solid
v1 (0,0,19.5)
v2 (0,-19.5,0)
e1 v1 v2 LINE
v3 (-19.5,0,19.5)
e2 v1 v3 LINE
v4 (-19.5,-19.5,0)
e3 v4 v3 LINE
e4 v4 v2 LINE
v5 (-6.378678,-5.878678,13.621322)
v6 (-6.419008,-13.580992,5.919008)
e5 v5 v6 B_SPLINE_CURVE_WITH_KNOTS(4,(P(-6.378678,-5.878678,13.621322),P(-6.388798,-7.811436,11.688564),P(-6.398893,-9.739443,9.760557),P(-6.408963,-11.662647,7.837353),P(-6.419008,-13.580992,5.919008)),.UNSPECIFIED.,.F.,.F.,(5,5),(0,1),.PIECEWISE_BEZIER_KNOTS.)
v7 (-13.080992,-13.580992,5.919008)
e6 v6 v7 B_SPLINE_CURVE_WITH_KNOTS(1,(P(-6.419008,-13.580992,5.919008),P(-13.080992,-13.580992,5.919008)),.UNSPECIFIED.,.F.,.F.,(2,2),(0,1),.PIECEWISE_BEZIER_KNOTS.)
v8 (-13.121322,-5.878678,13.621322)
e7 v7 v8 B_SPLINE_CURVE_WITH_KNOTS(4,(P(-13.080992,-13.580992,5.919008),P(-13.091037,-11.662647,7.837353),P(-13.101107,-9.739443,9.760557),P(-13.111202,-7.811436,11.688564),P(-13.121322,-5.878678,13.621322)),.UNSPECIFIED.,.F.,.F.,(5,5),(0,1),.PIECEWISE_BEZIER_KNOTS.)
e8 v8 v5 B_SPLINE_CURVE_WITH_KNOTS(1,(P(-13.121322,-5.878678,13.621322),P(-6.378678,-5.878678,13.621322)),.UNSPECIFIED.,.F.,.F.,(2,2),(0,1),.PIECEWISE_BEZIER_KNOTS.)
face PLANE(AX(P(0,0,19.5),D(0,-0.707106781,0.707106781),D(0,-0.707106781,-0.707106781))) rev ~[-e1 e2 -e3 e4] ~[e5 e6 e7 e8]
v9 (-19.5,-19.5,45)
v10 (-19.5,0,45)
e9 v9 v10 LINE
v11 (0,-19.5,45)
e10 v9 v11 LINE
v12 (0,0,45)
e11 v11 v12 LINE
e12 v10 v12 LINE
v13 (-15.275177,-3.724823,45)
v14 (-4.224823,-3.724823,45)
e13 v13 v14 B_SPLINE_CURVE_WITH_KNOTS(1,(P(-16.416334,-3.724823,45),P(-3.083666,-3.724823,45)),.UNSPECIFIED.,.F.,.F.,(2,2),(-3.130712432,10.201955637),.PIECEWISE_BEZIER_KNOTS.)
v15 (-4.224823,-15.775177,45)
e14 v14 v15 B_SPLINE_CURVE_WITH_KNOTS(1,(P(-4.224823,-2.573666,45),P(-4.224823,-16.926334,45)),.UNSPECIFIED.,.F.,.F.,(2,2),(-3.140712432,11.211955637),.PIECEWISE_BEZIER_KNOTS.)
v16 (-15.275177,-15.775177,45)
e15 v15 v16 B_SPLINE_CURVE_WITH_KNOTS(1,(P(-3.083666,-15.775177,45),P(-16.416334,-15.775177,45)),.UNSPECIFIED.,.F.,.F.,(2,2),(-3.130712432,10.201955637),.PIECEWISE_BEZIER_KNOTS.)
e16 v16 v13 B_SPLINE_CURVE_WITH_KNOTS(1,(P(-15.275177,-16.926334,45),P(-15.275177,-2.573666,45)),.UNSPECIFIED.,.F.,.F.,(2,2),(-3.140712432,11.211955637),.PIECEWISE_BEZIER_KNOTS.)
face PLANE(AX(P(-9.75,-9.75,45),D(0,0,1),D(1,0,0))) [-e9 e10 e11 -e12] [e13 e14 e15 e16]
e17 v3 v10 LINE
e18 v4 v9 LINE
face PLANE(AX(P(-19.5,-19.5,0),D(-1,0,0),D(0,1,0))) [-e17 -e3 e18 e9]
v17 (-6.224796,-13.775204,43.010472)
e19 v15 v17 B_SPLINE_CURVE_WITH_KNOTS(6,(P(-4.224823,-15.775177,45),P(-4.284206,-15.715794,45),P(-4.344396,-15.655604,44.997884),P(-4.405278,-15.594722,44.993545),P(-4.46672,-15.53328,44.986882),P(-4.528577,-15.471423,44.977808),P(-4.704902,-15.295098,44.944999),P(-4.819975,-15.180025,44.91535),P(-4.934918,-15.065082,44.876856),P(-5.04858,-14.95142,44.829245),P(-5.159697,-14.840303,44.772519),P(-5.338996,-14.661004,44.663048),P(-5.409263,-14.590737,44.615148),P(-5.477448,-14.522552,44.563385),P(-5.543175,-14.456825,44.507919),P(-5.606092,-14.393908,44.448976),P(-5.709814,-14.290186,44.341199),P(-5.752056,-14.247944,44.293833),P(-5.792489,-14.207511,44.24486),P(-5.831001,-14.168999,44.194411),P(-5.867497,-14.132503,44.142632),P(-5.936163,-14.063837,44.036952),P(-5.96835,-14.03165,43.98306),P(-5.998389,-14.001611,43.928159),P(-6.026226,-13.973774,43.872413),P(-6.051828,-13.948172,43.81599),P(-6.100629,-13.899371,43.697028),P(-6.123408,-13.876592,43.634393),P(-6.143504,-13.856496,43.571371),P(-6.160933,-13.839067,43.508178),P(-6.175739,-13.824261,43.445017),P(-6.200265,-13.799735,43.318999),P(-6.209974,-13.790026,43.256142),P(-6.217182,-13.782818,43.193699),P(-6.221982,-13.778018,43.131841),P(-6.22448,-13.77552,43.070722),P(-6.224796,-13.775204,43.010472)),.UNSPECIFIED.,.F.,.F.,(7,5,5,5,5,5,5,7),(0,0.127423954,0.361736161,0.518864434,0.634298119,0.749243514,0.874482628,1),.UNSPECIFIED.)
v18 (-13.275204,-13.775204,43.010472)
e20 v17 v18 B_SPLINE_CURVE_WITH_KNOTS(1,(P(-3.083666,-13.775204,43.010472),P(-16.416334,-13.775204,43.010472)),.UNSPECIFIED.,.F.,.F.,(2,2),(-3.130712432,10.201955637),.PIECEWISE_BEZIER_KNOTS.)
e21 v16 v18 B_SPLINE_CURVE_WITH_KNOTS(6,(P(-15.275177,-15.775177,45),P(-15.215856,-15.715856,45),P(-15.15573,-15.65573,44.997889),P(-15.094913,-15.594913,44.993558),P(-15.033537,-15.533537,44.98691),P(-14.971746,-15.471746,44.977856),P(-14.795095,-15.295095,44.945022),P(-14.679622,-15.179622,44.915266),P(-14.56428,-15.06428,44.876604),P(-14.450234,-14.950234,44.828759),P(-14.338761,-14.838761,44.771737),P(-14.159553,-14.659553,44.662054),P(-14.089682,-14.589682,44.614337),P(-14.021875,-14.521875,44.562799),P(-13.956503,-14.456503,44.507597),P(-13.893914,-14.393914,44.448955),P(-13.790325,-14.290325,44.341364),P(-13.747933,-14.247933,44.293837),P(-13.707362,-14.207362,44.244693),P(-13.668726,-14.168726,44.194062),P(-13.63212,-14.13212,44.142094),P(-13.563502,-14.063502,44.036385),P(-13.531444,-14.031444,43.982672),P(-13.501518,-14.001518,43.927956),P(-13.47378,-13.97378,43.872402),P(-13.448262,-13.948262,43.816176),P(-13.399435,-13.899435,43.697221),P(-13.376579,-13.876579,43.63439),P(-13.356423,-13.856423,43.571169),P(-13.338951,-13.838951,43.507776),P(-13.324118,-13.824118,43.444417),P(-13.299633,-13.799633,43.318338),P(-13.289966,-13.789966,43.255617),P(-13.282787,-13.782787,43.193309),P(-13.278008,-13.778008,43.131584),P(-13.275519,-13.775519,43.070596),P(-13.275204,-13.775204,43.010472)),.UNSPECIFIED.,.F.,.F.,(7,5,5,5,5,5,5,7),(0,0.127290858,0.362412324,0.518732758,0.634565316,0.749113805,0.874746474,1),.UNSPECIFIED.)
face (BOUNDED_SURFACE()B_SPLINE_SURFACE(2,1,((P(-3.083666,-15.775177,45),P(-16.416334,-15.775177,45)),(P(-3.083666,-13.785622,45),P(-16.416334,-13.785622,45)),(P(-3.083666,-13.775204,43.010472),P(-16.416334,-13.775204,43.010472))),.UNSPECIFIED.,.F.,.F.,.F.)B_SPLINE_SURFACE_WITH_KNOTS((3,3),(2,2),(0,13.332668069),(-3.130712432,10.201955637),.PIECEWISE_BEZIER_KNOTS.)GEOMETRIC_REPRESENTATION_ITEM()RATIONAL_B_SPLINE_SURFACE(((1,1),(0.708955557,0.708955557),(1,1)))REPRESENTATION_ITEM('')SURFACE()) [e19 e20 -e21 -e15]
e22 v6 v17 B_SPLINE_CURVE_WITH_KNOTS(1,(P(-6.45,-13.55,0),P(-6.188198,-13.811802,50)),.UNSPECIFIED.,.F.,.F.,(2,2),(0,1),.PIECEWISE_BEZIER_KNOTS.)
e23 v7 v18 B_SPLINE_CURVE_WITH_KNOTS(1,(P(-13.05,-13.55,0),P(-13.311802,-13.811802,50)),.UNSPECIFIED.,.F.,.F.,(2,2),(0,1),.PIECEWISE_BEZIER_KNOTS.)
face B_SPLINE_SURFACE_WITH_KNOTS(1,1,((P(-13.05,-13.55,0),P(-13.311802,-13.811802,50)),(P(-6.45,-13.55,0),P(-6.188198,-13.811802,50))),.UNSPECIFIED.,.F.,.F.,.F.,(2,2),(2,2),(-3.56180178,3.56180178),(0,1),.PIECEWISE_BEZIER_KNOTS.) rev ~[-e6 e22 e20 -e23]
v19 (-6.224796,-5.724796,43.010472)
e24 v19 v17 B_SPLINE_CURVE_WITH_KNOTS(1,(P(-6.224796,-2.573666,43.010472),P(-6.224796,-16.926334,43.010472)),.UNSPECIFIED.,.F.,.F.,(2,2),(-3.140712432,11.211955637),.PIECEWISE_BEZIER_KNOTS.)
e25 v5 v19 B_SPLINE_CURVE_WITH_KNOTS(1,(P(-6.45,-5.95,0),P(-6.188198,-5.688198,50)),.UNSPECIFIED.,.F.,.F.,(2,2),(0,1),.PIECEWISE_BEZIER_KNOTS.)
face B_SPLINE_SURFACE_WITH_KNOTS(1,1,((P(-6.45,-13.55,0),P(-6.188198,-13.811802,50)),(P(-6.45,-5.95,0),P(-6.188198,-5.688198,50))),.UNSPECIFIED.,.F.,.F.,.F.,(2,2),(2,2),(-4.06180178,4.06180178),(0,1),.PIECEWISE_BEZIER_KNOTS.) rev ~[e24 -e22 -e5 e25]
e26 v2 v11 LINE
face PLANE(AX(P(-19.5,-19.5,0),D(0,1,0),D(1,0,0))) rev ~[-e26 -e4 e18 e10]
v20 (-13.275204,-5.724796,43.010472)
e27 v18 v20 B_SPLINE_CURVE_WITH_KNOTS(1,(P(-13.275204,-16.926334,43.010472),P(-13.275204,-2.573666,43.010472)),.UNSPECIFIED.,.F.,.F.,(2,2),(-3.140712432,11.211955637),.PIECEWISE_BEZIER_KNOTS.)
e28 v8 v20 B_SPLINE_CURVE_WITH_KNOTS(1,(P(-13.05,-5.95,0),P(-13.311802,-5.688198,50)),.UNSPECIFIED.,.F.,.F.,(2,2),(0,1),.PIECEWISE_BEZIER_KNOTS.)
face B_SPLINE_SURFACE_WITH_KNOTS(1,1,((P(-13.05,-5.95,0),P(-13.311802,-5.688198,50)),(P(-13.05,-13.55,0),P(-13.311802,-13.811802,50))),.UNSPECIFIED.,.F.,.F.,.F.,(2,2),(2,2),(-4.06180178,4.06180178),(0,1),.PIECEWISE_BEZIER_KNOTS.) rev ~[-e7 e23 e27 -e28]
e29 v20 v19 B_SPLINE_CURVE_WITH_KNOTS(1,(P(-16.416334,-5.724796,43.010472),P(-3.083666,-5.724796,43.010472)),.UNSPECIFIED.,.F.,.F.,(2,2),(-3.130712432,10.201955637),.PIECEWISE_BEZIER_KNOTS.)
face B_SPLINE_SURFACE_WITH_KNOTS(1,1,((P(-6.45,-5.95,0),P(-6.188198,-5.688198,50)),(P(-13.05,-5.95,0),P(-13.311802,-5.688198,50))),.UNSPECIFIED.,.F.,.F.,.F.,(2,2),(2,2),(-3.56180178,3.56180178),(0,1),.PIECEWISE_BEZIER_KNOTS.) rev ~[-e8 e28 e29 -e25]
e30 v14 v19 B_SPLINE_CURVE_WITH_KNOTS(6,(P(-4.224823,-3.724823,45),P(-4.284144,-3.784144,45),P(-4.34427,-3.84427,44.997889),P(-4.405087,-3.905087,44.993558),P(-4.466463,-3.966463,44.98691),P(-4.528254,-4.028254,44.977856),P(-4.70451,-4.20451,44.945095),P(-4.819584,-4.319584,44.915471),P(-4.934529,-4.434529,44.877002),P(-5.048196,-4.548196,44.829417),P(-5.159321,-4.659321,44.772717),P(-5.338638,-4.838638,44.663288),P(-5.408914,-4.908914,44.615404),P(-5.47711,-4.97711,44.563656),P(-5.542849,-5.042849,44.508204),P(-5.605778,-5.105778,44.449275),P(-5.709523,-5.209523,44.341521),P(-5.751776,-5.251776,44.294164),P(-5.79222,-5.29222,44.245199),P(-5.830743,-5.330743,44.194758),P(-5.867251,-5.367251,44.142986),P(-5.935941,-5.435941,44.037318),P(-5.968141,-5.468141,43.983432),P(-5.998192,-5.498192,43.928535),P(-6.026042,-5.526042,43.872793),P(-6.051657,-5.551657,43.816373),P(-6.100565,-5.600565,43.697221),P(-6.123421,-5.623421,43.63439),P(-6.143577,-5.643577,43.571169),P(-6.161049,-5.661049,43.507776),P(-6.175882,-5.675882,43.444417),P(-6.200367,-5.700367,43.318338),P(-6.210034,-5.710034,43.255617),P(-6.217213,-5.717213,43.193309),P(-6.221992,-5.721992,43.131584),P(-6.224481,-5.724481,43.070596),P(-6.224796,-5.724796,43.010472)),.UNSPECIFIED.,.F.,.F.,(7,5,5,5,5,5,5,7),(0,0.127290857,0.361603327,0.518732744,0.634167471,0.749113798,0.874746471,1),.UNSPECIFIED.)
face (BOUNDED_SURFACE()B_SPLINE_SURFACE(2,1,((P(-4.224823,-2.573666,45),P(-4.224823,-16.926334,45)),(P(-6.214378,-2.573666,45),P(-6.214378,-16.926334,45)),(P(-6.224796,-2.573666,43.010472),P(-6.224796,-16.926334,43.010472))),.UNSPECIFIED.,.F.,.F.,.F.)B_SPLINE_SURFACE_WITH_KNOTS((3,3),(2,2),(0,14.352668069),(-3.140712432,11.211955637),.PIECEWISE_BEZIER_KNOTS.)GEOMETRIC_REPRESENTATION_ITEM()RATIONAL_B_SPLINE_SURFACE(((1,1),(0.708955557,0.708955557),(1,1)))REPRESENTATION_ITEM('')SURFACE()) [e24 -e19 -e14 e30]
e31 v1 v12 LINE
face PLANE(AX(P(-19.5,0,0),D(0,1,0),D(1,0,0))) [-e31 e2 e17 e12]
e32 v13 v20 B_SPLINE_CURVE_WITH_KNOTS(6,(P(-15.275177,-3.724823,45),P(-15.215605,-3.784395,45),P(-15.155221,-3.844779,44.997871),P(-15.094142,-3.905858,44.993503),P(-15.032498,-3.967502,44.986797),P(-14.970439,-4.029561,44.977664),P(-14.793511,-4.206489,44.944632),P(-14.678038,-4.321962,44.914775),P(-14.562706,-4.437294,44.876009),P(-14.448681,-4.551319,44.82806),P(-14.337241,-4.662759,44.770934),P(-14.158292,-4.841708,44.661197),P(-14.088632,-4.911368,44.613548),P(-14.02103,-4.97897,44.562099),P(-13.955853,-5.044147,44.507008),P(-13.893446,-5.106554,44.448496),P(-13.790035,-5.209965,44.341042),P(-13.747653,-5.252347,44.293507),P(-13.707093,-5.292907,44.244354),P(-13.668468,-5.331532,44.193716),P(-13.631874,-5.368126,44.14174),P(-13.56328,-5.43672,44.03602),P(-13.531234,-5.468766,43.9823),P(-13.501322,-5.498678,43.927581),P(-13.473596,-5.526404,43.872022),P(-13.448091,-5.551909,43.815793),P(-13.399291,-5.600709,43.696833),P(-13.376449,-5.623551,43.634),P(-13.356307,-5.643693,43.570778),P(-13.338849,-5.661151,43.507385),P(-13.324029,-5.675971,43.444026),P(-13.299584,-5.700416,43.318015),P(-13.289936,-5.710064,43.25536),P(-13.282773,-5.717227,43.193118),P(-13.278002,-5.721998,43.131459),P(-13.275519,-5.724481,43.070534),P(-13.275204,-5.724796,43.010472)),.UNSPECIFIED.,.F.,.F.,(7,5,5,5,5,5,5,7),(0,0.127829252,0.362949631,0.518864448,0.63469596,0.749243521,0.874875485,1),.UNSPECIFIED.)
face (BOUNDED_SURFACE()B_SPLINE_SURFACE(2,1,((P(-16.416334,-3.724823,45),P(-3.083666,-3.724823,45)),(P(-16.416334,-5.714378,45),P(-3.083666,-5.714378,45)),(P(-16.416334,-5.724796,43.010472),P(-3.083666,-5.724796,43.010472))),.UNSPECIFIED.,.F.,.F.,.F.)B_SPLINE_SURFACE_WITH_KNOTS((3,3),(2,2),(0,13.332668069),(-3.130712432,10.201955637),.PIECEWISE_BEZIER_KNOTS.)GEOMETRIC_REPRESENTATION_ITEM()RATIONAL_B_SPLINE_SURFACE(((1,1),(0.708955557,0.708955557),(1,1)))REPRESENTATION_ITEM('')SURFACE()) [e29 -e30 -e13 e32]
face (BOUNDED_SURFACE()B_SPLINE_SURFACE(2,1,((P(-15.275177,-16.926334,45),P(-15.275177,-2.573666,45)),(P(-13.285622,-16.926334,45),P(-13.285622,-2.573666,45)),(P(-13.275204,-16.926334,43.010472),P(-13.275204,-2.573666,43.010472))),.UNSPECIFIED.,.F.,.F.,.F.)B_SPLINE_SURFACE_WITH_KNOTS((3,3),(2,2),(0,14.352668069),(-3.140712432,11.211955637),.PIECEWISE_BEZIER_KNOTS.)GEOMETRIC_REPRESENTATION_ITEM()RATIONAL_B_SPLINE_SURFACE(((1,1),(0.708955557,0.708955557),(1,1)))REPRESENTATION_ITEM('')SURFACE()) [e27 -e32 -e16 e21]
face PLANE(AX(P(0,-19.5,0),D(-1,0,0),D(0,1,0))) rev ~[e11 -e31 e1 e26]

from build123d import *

# Parameters (mm, degrees)
F0_W     = 19.5
F0_H     = 19.5
F0_W_2   = 6.6
F0_H_2   = 7.6
F1_DEPTH = 45
F3_DEPTH = 25
F4_W     = 6.6
F4_H     = 7.6
F5_DEPTH = 50
F5_TAPER = -0.3
F6_R     = 2


with BuildPart() as f1:
    # F0 (on Top) → F1 (new body)
    with BuildSketch(Plane.XY):
        with Locations((-9.75, -9.75)):
            Rectangle(F0_W, F0_H)
        with Locations((-9.75, -9.75)):
            Rectangle(F0_W_2, F0_H_2, mode=Mode.SUBTRACT)
    extrude(amount=F1_DEPTH)

    # F2 (on face) → F3 (cut)
    with BuildSketch(Plane.YZ):
        Polygon((0, 19.5), (-19.5, 0), (0, 0), align=None)
    extrude(amount=-F3_DEPTH, mode=Mode.SUBTRACT)

    # F4 (on Top) → F5 (cut)
    with BuildSketch(Plane.XY):
        with Locations((-9.75, -9.75)):
            Rectangle(F4_W, F4_H)
    extrude(amount=F5_DEPTH, taper=F5_TAPER, mode=Mode.SUBTRACT)

    # F6
    f6_edges = [f1.edges().sort_by_distance(p)[0] for p in [
        (-9.75, -5.714378, 45),
        (-13.285622, -9.75, 45),
        (-6.214378, -9.75, 45),
        (-9.75, -13.785622, 45),
    ]]
    fillet(f6_edges, radius=F6_R)


solid = f1.part
